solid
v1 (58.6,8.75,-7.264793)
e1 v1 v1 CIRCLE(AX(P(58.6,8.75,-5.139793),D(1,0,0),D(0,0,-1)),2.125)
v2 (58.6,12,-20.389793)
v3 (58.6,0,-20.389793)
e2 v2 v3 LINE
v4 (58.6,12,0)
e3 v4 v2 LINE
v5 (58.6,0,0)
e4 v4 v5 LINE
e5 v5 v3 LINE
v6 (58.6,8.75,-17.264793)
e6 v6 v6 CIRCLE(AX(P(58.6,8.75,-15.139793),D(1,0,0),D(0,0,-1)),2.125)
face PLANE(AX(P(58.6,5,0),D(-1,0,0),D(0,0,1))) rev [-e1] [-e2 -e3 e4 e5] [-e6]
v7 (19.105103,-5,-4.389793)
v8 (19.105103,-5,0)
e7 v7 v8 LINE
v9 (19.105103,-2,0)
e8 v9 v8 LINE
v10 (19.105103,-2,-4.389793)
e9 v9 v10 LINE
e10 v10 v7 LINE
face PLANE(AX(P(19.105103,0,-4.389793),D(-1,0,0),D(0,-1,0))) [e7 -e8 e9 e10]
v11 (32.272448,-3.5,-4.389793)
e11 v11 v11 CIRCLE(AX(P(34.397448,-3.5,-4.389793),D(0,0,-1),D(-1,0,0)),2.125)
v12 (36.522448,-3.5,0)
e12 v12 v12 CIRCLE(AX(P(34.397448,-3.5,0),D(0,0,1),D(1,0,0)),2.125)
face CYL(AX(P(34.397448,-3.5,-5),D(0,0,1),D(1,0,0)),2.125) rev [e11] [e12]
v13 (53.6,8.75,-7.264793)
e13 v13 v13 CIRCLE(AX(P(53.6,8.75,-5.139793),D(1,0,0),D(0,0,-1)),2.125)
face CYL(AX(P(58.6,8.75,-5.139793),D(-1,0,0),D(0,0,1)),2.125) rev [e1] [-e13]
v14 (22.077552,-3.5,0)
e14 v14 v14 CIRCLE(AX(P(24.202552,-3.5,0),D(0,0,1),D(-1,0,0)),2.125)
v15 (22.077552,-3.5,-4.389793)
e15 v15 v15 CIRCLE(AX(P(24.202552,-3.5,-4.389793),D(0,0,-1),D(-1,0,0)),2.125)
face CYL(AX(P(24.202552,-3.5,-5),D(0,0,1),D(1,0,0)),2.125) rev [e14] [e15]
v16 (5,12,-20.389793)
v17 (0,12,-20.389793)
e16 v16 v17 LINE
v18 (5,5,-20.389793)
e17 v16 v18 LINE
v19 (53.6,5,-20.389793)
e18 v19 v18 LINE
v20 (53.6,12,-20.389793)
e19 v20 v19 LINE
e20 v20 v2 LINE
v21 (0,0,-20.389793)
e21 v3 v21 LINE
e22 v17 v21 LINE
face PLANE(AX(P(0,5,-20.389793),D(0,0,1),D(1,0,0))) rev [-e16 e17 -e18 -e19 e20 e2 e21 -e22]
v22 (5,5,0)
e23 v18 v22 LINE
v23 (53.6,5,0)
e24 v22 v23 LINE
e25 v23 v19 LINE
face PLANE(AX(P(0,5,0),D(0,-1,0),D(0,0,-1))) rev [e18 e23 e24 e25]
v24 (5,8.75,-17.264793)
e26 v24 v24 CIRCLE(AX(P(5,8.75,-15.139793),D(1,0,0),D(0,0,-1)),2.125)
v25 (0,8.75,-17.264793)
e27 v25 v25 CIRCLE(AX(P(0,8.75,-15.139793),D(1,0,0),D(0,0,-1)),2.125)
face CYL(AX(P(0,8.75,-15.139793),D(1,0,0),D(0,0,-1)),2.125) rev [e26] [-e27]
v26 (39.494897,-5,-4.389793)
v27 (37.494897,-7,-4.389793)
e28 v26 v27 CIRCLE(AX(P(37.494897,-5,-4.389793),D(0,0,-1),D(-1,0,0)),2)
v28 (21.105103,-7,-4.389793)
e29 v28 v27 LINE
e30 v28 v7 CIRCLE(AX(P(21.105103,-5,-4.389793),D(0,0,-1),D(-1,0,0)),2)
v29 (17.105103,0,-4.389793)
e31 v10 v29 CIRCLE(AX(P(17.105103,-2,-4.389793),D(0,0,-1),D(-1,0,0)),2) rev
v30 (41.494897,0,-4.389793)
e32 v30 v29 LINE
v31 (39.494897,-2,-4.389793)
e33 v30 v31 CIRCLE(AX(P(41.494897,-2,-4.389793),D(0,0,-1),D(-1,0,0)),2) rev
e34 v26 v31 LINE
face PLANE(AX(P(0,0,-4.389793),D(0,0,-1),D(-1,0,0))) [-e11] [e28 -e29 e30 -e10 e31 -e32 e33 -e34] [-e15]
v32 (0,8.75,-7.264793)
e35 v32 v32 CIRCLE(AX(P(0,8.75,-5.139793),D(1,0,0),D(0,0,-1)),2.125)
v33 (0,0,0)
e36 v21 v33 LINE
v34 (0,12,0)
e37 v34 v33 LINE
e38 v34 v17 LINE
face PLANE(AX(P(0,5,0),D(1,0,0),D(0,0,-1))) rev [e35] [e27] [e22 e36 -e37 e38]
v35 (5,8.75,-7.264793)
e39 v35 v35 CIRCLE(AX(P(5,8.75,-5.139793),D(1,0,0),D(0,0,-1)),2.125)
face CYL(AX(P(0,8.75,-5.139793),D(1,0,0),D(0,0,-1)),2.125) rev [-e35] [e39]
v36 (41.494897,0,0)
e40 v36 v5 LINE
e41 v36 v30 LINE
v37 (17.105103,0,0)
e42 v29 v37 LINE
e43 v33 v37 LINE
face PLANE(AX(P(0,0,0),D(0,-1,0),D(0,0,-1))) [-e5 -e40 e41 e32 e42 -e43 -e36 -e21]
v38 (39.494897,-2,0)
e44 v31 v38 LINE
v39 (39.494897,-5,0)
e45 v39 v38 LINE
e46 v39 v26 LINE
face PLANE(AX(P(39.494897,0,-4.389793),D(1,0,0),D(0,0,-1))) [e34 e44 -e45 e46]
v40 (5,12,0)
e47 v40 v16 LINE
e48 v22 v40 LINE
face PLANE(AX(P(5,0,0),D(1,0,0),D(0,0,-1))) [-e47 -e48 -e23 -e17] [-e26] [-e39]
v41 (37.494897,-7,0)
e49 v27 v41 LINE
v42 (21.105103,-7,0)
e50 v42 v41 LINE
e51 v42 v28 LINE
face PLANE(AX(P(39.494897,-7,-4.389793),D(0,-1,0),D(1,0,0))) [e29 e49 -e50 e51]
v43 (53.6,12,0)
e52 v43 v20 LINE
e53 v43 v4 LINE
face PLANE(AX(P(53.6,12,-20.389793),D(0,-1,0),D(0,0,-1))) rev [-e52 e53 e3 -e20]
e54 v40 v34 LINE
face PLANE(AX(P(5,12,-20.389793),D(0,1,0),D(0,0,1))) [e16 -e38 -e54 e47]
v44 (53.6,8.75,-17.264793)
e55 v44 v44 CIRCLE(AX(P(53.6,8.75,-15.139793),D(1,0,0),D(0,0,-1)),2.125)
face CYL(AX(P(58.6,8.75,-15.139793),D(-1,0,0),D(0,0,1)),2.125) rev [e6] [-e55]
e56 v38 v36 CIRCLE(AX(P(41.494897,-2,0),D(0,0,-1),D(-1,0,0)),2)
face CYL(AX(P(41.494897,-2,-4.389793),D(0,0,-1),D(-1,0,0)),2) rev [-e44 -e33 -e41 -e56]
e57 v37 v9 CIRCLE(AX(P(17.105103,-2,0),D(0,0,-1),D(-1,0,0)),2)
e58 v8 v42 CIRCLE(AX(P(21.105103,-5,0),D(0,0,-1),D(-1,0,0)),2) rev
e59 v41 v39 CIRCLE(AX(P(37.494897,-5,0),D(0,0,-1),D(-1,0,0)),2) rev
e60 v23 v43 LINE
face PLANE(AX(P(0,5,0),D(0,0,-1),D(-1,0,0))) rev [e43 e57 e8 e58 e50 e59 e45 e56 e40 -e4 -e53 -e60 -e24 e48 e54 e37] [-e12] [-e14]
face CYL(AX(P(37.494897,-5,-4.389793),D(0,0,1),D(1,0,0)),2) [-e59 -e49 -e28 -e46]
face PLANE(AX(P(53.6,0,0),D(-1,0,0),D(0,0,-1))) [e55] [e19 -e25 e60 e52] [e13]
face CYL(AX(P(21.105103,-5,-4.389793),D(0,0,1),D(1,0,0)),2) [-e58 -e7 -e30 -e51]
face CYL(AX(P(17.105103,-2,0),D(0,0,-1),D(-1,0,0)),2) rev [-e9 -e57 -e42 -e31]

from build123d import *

# Parameters (mm, degrees)
SKETCH1_W                  = 58.6
SKETCH1_H                  = 20.38979341
BRACKETBASE_DEPTH          = 5
SKETCH2_W                  = 20.38979341
SKETCH2_H                  = 12
LEGMOUNTINGTAB_DEPTH       = 5
SKETCH3_R                  = 2.125
LEGMOUNTINGHOLES_DEPTH     = 5
SKETCH4_W                  = 20.38979341
SKETCH4_H                  = 7
ARDUINOMOUNTINGTAB_DEPTH   = 4.38979341
SKETCH5_R                  = 2.125
ARDUINOMOUNTINGHOLES_DEPTH = 5
FILLET1_R                  = 2


with BuildPart() as part:
    # Sketch1 → bracketBase (new body)
    with BuildSketch(Plane(origin=(0, 0, 0), x_dir=(1, 0, 0), z_dir=(0, 1, 0))):
        with Locations((29.3, 10.194896705)):
            Rectangle(SKETCH1_W, SKETCH1_H)
    extrude(amount=BRACKETBASE_DEPTH)

    # Sketch2 → legMountingTab (add)
    with BuildSketch(Plane.ZY):
        with Locations((-10.194896705, 6)):
            Rectangle(SKETCH2_W, SKETCH2_H)
    legmountingtab = extrude(amount=-LEGMOUNTINGTAB_DEPTH)

    # Sketch3 → legMountingHoles (cut)
    with BuildSketch(Plane(origin=(5, 0, 0), x_dir=(0, 0, -1), z_dir=(1, 0, 0))):
        with Locations((15.13979341, 8.75)):
            Circle(SKETCH3_R)
        with Locations((5.13979341, 8.75)):
            Circle(SKETCH3_R)
    legmountingholes = extrude(amount=-LEGMOUNTINGHOLES_DEPTH, mode=Mode.SUBTRACT)

    # legMountingHoles2: legMountingTab, legMountingHoles across plane
    add(legmountingtab.mirror(Plane.ZY.offset(-29.3)))
    add(legmountingholes.mirror(Plane.ZY.offset(-29.3)), mode=Mode.SUBTRACT)

    # Sketch4 → arduinoMountingTab (add)
    with BuildSketch(Plane.XY):
        with Locations((29.3, -3.5)):
            Rectangle(SKETCH4_W, SKETCH4_H)
    extrude(amount=-ARDUINOMOUNTINGTAB_DEPTH)

    # Sketch5 → arduinoMountingHoles (cut)
    with BuildSketch(Plane.XY):
        with Locations((34.397448352, -3.5)):
            Circle(SKETCH5_R)
        with Locations(Location((24.202551647, -3.5, 0), (0, 0, 180))):
            Circle(SKETCH5_R)
    extrude(amount=-ARDUINOMOUNTINGHOLES_DEPTH, mode=Mode.SUBTRACT)

    # Fillet1
    fillet1_edges = [part.edges().sort_by_distance(p)[0] for p in [
        (39.494896705, 0, -2.194896705),
        (39.494896705, -7, -2.194896705),
        (19.105103295, -7, -2.194896705),
        (19.105103295, 0, -2.194896705),
    ]]
    fillet(fillet1_edges, radius=FILLET1_R)


solid = part.part
